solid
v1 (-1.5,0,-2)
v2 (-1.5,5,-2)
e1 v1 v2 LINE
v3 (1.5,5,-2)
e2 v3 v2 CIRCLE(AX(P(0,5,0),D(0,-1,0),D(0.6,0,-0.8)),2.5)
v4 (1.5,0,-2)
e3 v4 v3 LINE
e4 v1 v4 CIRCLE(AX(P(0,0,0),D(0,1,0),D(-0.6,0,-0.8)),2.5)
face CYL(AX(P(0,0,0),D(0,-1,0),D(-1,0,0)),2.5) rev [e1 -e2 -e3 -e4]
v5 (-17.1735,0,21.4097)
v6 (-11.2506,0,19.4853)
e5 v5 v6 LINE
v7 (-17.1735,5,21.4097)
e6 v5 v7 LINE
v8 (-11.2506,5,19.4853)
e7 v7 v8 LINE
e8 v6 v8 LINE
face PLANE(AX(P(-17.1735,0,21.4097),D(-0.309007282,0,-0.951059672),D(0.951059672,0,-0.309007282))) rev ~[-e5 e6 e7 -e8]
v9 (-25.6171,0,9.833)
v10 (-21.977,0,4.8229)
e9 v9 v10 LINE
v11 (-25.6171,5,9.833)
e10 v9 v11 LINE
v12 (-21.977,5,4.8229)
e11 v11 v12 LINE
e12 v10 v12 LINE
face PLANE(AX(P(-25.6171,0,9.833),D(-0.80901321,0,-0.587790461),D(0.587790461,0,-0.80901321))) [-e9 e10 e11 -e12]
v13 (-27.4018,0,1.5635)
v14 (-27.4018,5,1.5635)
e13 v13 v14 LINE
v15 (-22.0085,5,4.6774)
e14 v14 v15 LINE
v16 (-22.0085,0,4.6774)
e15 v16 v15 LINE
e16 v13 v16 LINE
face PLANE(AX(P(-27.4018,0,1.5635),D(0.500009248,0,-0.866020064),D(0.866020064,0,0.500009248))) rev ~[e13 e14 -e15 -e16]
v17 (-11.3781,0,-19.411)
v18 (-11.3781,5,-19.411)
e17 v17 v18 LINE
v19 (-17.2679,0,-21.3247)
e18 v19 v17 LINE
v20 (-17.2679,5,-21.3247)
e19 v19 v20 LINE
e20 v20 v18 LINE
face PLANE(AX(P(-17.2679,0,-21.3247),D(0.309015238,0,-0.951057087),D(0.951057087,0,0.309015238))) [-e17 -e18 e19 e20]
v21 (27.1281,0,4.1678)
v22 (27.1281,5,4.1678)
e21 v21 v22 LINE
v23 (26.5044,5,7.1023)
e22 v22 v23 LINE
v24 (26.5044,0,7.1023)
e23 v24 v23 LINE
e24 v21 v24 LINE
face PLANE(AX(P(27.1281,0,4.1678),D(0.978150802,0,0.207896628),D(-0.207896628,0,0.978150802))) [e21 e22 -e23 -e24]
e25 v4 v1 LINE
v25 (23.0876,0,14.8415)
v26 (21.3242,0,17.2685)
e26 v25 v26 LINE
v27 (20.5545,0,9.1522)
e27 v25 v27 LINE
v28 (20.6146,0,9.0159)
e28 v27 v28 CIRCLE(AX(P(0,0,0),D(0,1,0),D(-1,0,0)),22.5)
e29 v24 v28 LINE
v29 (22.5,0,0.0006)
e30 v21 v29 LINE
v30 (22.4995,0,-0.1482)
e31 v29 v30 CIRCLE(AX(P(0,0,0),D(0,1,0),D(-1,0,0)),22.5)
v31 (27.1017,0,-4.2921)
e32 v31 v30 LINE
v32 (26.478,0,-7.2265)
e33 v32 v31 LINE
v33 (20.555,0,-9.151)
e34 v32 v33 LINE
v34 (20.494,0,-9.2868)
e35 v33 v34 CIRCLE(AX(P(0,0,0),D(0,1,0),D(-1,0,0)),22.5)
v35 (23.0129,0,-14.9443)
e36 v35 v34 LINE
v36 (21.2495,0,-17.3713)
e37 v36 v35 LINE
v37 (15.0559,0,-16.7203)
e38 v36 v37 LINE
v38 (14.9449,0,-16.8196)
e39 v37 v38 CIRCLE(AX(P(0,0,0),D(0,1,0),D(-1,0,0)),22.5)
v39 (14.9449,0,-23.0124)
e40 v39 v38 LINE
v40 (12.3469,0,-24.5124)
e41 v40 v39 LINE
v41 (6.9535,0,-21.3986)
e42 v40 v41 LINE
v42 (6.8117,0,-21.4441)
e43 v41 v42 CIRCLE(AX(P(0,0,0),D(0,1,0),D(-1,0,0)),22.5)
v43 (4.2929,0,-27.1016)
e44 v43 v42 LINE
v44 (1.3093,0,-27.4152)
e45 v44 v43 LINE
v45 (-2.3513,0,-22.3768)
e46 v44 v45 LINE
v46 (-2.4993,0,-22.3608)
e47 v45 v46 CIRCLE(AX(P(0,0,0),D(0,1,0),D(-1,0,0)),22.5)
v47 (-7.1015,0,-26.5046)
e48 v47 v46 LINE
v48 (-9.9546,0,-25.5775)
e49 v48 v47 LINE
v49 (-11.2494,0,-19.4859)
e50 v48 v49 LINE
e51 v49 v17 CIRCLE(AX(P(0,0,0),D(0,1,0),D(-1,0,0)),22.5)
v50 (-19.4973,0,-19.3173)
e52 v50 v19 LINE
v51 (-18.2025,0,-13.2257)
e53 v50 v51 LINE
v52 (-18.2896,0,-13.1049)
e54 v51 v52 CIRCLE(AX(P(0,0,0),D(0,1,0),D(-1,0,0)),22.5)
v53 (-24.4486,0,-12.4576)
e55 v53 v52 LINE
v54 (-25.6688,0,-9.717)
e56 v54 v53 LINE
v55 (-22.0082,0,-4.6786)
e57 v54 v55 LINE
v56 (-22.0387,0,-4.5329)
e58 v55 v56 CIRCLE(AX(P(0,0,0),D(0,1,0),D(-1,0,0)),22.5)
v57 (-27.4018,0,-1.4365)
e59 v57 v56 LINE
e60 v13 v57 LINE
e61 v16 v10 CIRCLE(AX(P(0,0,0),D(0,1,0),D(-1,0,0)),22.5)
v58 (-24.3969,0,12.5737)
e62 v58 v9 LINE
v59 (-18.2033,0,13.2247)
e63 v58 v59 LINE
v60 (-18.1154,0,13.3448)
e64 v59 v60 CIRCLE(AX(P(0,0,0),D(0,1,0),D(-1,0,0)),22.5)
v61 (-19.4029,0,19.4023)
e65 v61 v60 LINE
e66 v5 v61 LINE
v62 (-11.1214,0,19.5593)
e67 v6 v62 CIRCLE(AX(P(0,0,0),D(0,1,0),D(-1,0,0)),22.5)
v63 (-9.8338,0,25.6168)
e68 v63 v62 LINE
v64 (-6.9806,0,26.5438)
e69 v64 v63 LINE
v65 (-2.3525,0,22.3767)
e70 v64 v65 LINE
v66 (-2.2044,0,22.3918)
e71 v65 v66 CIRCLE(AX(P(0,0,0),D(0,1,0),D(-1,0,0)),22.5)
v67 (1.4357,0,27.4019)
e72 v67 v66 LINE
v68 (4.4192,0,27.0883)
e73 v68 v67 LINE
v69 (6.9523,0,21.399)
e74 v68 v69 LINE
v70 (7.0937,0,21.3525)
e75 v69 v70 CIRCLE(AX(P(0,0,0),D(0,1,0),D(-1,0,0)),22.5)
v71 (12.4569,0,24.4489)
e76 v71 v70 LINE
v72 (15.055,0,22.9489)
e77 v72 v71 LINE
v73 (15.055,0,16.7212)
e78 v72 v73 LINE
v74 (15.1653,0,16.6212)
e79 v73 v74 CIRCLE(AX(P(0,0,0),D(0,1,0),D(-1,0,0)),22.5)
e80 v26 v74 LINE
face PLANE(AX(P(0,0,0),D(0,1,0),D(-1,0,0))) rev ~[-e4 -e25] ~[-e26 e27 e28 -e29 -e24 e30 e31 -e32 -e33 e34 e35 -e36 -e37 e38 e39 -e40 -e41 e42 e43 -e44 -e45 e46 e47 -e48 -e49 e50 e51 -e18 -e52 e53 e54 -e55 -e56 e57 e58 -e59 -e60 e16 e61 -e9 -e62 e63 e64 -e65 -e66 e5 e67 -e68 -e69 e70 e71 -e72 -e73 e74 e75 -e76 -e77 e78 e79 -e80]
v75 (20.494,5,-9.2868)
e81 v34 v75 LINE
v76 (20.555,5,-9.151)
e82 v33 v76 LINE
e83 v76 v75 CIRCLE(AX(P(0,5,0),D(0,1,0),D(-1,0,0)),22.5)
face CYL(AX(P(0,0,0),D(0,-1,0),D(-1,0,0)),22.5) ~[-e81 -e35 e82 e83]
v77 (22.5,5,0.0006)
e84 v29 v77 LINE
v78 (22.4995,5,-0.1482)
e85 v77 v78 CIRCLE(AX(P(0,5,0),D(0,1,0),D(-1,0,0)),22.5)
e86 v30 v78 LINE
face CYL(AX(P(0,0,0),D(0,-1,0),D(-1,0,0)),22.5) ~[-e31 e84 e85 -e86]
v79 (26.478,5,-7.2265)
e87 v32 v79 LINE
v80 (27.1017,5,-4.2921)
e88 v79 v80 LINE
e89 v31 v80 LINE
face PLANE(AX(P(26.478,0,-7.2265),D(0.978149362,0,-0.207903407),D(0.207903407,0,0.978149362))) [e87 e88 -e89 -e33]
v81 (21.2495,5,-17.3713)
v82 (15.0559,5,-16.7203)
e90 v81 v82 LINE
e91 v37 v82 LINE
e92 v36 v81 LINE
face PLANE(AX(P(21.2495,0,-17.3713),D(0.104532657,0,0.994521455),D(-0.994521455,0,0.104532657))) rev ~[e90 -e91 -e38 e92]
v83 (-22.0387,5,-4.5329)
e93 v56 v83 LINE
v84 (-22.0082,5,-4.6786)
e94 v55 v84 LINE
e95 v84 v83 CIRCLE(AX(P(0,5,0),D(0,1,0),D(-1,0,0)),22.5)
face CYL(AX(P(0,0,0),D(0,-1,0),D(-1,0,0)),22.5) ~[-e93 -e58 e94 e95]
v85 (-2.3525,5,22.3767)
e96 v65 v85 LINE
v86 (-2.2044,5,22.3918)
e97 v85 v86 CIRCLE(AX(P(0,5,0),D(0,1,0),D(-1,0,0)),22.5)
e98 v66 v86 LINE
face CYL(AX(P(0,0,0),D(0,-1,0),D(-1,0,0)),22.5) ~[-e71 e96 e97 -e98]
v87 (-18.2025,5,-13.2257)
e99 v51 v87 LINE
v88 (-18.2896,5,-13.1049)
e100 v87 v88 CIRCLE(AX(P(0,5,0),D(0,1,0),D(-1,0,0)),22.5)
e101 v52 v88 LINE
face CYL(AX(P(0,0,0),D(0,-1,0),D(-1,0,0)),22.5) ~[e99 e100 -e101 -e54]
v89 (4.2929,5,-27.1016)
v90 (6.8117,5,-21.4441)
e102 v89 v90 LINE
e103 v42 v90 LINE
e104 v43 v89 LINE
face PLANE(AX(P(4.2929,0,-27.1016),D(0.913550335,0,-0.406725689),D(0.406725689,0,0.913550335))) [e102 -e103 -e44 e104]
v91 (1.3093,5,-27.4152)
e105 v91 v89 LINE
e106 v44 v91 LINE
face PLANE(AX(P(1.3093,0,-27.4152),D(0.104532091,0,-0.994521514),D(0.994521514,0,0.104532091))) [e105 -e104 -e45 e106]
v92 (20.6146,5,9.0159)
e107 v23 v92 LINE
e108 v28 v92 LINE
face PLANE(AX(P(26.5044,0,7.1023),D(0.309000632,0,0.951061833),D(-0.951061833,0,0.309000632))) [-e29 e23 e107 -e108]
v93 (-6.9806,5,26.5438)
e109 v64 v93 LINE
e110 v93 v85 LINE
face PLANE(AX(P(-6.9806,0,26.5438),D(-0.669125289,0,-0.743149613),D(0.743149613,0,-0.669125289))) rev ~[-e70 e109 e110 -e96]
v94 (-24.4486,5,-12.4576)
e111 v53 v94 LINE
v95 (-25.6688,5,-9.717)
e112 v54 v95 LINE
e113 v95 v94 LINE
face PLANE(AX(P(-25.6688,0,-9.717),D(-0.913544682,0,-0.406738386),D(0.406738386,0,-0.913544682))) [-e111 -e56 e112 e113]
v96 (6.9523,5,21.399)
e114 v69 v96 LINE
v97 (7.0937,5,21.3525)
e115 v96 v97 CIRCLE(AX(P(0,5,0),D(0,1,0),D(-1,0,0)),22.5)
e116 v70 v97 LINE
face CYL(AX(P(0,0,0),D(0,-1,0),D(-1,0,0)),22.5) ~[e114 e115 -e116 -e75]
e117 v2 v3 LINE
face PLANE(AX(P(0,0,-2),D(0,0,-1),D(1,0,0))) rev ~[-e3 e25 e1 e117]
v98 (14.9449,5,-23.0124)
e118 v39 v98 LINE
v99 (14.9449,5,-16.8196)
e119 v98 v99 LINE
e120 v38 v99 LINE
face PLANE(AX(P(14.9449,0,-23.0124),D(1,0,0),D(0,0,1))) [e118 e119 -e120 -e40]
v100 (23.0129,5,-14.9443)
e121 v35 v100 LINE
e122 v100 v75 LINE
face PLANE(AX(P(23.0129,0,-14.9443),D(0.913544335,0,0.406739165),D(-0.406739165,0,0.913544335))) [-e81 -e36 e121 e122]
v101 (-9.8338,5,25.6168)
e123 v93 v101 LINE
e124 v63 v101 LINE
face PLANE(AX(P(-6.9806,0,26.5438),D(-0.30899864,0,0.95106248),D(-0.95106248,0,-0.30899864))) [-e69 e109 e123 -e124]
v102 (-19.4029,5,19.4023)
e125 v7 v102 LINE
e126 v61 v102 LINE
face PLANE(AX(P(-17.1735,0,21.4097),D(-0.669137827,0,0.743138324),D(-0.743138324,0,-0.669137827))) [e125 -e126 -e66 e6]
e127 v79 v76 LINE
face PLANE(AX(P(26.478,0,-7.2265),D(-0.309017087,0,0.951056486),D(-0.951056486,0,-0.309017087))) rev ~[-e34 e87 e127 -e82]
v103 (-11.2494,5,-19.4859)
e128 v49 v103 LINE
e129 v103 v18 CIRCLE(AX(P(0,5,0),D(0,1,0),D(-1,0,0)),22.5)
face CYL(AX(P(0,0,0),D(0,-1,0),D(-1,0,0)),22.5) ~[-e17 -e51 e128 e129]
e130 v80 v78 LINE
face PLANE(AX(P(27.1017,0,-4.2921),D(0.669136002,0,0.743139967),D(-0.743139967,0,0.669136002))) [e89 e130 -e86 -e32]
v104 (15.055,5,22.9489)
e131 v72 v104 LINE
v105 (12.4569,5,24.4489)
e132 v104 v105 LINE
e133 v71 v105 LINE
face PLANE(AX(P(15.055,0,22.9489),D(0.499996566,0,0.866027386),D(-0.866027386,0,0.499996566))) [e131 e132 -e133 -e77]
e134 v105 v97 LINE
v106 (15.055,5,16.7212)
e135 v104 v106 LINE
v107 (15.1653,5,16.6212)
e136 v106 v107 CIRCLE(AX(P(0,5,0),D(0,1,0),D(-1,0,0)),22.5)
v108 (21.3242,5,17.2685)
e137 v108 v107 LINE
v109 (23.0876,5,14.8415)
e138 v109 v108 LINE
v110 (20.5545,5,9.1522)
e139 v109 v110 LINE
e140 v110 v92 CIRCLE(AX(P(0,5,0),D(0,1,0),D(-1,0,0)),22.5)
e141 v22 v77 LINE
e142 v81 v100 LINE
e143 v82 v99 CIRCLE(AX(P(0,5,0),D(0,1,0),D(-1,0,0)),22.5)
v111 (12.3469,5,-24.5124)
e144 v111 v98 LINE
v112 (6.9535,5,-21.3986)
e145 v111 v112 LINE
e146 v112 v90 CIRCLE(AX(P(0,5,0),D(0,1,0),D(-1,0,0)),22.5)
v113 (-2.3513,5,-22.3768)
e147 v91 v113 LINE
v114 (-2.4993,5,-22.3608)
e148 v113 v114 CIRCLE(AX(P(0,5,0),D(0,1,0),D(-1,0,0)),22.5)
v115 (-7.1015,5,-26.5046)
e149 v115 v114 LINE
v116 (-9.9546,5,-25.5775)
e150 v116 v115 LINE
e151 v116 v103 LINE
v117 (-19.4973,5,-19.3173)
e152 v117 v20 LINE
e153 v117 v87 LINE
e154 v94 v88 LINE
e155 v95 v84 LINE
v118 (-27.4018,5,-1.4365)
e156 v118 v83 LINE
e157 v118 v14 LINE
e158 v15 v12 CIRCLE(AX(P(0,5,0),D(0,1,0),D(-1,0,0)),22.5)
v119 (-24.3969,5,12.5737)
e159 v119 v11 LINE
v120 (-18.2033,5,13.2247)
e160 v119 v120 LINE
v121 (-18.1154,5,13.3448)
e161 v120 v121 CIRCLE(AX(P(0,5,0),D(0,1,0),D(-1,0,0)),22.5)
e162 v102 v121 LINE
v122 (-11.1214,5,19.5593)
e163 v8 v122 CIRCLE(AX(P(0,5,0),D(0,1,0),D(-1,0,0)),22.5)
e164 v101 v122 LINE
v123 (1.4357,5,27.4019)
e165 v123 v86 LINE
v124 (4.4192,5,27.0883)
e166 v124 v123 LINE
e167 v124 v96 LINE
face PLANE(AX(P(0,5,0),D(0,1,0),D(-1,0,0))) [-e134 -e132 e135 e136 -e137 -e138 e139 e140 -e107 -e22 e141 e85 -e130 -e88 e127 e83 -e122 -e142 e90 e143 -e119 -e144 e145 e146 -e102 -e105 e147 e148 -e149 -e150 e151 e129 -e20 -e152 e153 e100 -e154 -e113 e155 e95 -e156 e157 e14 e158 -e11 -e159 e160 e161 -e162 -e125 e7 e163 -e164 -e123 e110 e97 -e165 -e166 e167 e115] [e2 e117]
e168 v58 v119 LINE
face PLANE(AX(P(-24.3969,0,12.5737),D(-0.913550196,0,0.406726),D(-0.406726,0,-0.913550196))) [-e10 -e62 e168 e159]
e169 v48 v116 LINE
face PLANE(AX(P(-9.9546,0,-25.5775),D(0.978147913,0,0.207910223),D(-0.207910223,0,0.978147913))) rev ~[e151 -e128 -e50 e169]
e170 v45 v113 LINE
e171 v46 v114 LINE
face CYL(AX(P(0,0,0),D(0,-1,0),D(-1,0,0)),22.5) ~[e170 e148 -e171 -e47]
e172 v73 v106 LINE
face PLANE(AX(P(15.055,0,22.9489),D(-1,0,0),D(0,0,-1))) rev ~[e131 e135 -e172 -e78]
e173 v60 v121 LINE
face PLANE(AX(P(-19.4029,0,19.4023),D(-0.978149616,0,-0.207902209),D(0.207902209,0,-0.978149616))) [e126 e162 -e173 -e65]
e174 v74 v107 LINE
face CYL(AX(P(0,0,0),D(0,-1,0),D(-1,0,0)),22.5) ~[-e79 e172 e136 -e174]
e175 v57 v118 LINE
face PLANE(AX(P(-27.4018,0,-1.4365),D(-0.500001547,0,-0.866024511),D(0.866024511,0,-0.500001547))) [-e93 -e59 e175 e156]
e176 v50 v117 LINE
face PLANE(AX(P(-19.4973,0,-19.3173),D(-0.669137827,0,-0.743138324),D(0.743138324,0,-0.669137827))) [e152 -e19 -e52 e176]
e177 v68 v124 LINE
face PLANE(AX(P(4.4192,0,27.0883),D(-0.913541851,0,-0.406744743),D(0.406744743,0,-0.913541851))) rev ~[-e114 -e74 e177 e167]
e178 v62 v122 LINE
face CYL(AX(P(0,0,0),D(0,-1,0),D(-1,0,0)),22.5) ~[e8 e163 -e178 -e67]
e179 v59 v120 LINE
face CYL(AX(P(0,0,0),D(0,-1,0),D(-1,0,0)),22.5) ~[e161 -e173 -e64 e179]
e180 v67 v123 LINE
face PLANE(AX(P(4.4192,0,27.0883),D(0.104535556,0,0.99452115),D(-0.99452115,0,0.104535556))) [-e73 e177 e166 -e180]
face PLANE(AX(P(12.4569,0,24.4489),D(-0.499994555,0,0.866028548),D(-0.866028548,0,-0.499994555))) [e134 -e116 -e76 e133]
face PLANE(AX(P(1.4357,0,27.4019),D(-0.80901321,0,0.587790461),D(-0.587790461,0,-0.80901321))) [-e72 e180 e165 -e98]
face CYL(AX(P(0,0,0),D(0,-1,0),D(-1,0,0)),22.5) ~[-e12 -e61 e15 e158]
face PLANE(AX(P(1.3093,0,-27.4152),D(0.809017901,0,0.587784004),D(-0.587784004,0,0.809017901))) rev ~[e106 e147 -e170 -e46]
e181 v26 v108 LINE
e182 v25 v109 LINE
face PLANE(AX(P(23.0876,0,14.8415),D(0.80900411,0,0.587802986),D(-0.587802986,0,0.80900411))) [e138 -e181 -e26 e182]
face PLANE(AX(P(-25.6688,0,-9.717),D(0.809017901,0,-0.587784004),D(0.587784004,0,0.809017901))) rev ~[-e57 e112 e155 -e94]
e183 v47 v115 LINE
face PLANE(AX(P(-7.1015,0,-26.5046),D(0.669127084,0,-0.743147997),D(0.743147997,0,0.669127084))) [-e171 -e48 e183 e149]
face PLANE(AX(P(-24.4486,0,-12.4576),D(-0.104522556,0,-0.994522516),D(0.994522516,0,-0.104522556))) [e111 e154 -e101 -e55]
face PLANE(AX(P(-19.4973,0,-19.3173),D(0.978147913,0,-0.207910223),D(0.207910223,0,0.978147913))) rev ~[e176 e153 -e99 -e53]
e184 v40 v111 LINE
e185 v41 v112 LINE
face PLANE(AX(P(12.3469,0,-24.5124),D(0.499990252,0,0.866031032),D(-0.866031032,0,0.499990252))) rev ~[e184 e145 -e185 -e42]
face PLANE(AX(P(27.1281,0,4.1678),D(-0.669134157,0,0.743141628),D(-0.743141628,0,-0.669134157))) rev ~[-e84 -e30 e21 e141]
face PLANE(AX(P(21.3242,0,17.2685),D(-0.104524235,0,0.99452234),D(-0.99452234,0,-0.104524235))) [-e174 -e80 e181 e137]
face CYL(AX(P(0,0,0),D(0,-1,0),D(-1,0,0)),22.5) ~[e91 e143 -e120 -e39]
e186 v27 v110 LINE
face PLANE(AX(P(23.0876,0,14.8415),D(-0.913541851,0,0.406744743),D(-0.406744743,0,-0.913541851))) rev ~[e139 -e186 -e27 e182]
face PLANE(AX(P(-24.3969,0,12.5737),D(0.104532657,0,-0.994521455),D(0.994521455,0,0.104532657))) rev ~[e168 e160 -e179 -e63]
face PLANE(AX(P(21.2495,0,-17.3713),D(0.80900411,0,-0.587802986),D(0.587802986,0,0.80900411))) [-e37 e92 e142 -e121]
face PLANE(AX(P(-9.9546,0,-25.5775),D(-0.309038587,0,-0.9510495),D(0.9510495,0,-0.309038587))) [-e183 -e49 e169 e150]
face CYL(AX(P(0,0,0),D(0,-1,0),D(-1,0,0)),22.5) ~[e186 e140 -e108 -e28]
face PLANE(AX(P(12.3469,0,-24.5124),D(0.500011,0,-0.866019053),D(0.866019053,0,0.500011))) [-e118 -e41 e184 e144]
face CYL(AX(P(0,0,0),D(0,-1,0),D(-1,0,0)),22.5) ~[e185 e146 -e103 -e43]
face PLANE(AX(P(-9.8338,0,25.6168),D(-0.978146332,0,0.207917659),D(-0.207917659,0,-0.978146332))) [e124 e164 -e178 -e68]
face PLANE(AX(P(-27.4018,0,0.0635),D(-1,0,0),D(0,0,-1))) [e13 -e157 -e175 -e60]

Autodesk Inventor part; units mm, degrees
ref_plane "YZ Plane" through (0, 0, 0) normal (1, 0, 0) x (0, 1, 0)
ref_plane "XZ Plane" through (0, 0, 0) normal (0, 1, 0) x (-1, 0, 0)
ref_plane "XY Plane" through (0, 0, 0) normal (0, 0, 1) x (1, 0, 0)
sketch "Sketch1" plane through (0, 0, 0) normal (0, 1, 0) x (-1, 0, 0)
  circle A0 centre (0, 0) radius 22.5
  circle A1 centre (0, 0) radius 2.5
  line L0 (0, 2.5) -> (0, -2)
  line L1 (0, -2) -> (1.5, -2)
  line L2 (0, -2) -> (-1.5, -2)
  line L3 (22.4999, 0.0635) -> (29.9999, 0.0635)
  line L4 (27.4018, -1.4365) -> (22.0387, -4.5329)
  line L5 (27.4018, 1.5635) -> (22.0085, 4.6774)
  line L6 (29.9999, 0.0635) -> (36.2276, 0.0635) construction
  line L7 (27.4018, 1.5635) -> (27.4018, -1.4365)
  line L8 (25.6171, 9.833) -> (21.977, 4.8229)
  line L9 (24.3969, 12.5737) -> (25.6171, 9.833)
  line L10 (24.3969, 12.5737) -> (18.2033, 13.2247)
  line L11 (19.4029, 19.4023) -> (18.1154, 13.3448)
  line L12 (17.1735, 21.4097) -> (19.4029, 19.4023)
  line L13 (17.1735, 21.4097) -> (11.2506, 19.4853)
  line L14 (9.8338, 25.6168) -> (11.1214, 19.5593)
  line L15 (6.9806, 26.5438) -> (9.8338, 25.6168)
  line L16 (6.9806, 26.5438) -> (2.3525, 22.3767)
  line L17 (-1.4357, 27.4019) -> (2.2044, 22.3918)
  line L18 (-4.4192, 27.0883) -> (-1.4357, 27.4019)
  line L19 (-4.4192, 27.0883) -> (-6.9523, 21.399)
  line L20 (-12.4569, 24.4489) -> (-7.0937, 21.3525)
  line L21 (-15.055, 22.9489) -> (-12.4569, 24.4489)
  line L22 (-15.055, 22.9489) -> (-15.055, 16.7212)
  line L23 (-21.3242, 17.2685) -> (-15.1653, 16.6212)
  line L24 (-23.0876, 14.8415) -> (-21.3242, 17.2685)
  line L25 (-23.0876, 14.8415) -> (-20.5545, 9.1522)
  line L26 (-26.5044, 7.1023) -> (-20.6146, 9.0159)
  line L27 (-27.1281, 4.1678) -> (-26.5044, 7.1023)
  line L28 (-27.1281, 4.1678) -> (-22.5, 0.0006)
  line L29 (-27.1017, -4.2921) -> (-22.4995, -0.1482)
  line L30 (-26.478, -7.2265) -> (-27.1017, -4.2921)
  line L31 (-26.478, -7.2265) -> (-20.555, -9.151)
  line L32 (-23.0129, -14.9443) -> (-20.494, -9.2868)
  line L33 (-21.2495, -17.3713) -> (-23.0129, -14.9443)
  line L34 (-21.2495, -17.3713) -> (-15.0559, -16.7203)
  line L35 (-14.9449, -23.0124) -> (-14.9449, -16.8196)
  line L36 (-12.3469, -24.5124) -> (-14.9449, -23.0124)
  line L37 (-12.3469, -24.5124) -> (-6.9535, -21.3986)
  line L38 (-4.2929, -27.1016) -> (-6.8117, -21.4441)
  line L39 (-1.3093, -27.4152) -> (-4.2929, -27.1016)
  line L40 (-1.3093, -27.4152) -> (2.3513, -22.3768)
  line L41 (7.1015, -26.5046) -> (2.4993, -22.3608)
  line L42 (9.9546, -25.5775) -> (7.1015, -26.5046)
  line L43 (9.9546, -25.5775) -> (11.2494, -19.4859)
  line L44 (17.2679, -21.3247) -> (11.3781, -19.411)
  line L45 (19.4973, -19.3173) -> (17.2679, -21.3247)
  line L46 (19.4973, -19.3173) -> (18.2025, -13.2257)
  line L47 (24.4486, -12.4576) -> (18.2896, -13.1049)
  line L48 (25.6688, -9.717) -> (24.4486, -12.4576)
  line L49 (25.6688, -9.717) -> (22.0082, -4.6786)
  dimension "d0" = 45
  dimension "d1" = 5
  dimension "d2" = 4.5
  dimension "d3" = 7.5
  dimension "d4" = 30
  dimension "d5" = 150
  dimension "d6" = 3
  dimension "d7" = 3
  dimension "d24" = 360
extrude "Extrusion1" add sketch "Sketch1" along normal blind 5 contours A0 | A0 L3 L7 L4 | A0 L5 L7 L3 | L49 L48 L47 A0 | A0 L10 L9 L8 | L46 L45 L44 A0 | A0 L13 L12 L11 | L43 L42 L41 A0 | A0 L16 L15 L14 | L40 L39 L38 A0 | A0 L19 L18 L17 | L37 L36 L35 A0 | A0 L22 L21 L20 | L34 L33 L32 A0 | A0 L25 L24 L23 | L31 L30 L29 A0 | A0 L28 L27 L26 | A1 L2 L1
equation "\"d7\" = d6"
properties part number "motor_gear"
